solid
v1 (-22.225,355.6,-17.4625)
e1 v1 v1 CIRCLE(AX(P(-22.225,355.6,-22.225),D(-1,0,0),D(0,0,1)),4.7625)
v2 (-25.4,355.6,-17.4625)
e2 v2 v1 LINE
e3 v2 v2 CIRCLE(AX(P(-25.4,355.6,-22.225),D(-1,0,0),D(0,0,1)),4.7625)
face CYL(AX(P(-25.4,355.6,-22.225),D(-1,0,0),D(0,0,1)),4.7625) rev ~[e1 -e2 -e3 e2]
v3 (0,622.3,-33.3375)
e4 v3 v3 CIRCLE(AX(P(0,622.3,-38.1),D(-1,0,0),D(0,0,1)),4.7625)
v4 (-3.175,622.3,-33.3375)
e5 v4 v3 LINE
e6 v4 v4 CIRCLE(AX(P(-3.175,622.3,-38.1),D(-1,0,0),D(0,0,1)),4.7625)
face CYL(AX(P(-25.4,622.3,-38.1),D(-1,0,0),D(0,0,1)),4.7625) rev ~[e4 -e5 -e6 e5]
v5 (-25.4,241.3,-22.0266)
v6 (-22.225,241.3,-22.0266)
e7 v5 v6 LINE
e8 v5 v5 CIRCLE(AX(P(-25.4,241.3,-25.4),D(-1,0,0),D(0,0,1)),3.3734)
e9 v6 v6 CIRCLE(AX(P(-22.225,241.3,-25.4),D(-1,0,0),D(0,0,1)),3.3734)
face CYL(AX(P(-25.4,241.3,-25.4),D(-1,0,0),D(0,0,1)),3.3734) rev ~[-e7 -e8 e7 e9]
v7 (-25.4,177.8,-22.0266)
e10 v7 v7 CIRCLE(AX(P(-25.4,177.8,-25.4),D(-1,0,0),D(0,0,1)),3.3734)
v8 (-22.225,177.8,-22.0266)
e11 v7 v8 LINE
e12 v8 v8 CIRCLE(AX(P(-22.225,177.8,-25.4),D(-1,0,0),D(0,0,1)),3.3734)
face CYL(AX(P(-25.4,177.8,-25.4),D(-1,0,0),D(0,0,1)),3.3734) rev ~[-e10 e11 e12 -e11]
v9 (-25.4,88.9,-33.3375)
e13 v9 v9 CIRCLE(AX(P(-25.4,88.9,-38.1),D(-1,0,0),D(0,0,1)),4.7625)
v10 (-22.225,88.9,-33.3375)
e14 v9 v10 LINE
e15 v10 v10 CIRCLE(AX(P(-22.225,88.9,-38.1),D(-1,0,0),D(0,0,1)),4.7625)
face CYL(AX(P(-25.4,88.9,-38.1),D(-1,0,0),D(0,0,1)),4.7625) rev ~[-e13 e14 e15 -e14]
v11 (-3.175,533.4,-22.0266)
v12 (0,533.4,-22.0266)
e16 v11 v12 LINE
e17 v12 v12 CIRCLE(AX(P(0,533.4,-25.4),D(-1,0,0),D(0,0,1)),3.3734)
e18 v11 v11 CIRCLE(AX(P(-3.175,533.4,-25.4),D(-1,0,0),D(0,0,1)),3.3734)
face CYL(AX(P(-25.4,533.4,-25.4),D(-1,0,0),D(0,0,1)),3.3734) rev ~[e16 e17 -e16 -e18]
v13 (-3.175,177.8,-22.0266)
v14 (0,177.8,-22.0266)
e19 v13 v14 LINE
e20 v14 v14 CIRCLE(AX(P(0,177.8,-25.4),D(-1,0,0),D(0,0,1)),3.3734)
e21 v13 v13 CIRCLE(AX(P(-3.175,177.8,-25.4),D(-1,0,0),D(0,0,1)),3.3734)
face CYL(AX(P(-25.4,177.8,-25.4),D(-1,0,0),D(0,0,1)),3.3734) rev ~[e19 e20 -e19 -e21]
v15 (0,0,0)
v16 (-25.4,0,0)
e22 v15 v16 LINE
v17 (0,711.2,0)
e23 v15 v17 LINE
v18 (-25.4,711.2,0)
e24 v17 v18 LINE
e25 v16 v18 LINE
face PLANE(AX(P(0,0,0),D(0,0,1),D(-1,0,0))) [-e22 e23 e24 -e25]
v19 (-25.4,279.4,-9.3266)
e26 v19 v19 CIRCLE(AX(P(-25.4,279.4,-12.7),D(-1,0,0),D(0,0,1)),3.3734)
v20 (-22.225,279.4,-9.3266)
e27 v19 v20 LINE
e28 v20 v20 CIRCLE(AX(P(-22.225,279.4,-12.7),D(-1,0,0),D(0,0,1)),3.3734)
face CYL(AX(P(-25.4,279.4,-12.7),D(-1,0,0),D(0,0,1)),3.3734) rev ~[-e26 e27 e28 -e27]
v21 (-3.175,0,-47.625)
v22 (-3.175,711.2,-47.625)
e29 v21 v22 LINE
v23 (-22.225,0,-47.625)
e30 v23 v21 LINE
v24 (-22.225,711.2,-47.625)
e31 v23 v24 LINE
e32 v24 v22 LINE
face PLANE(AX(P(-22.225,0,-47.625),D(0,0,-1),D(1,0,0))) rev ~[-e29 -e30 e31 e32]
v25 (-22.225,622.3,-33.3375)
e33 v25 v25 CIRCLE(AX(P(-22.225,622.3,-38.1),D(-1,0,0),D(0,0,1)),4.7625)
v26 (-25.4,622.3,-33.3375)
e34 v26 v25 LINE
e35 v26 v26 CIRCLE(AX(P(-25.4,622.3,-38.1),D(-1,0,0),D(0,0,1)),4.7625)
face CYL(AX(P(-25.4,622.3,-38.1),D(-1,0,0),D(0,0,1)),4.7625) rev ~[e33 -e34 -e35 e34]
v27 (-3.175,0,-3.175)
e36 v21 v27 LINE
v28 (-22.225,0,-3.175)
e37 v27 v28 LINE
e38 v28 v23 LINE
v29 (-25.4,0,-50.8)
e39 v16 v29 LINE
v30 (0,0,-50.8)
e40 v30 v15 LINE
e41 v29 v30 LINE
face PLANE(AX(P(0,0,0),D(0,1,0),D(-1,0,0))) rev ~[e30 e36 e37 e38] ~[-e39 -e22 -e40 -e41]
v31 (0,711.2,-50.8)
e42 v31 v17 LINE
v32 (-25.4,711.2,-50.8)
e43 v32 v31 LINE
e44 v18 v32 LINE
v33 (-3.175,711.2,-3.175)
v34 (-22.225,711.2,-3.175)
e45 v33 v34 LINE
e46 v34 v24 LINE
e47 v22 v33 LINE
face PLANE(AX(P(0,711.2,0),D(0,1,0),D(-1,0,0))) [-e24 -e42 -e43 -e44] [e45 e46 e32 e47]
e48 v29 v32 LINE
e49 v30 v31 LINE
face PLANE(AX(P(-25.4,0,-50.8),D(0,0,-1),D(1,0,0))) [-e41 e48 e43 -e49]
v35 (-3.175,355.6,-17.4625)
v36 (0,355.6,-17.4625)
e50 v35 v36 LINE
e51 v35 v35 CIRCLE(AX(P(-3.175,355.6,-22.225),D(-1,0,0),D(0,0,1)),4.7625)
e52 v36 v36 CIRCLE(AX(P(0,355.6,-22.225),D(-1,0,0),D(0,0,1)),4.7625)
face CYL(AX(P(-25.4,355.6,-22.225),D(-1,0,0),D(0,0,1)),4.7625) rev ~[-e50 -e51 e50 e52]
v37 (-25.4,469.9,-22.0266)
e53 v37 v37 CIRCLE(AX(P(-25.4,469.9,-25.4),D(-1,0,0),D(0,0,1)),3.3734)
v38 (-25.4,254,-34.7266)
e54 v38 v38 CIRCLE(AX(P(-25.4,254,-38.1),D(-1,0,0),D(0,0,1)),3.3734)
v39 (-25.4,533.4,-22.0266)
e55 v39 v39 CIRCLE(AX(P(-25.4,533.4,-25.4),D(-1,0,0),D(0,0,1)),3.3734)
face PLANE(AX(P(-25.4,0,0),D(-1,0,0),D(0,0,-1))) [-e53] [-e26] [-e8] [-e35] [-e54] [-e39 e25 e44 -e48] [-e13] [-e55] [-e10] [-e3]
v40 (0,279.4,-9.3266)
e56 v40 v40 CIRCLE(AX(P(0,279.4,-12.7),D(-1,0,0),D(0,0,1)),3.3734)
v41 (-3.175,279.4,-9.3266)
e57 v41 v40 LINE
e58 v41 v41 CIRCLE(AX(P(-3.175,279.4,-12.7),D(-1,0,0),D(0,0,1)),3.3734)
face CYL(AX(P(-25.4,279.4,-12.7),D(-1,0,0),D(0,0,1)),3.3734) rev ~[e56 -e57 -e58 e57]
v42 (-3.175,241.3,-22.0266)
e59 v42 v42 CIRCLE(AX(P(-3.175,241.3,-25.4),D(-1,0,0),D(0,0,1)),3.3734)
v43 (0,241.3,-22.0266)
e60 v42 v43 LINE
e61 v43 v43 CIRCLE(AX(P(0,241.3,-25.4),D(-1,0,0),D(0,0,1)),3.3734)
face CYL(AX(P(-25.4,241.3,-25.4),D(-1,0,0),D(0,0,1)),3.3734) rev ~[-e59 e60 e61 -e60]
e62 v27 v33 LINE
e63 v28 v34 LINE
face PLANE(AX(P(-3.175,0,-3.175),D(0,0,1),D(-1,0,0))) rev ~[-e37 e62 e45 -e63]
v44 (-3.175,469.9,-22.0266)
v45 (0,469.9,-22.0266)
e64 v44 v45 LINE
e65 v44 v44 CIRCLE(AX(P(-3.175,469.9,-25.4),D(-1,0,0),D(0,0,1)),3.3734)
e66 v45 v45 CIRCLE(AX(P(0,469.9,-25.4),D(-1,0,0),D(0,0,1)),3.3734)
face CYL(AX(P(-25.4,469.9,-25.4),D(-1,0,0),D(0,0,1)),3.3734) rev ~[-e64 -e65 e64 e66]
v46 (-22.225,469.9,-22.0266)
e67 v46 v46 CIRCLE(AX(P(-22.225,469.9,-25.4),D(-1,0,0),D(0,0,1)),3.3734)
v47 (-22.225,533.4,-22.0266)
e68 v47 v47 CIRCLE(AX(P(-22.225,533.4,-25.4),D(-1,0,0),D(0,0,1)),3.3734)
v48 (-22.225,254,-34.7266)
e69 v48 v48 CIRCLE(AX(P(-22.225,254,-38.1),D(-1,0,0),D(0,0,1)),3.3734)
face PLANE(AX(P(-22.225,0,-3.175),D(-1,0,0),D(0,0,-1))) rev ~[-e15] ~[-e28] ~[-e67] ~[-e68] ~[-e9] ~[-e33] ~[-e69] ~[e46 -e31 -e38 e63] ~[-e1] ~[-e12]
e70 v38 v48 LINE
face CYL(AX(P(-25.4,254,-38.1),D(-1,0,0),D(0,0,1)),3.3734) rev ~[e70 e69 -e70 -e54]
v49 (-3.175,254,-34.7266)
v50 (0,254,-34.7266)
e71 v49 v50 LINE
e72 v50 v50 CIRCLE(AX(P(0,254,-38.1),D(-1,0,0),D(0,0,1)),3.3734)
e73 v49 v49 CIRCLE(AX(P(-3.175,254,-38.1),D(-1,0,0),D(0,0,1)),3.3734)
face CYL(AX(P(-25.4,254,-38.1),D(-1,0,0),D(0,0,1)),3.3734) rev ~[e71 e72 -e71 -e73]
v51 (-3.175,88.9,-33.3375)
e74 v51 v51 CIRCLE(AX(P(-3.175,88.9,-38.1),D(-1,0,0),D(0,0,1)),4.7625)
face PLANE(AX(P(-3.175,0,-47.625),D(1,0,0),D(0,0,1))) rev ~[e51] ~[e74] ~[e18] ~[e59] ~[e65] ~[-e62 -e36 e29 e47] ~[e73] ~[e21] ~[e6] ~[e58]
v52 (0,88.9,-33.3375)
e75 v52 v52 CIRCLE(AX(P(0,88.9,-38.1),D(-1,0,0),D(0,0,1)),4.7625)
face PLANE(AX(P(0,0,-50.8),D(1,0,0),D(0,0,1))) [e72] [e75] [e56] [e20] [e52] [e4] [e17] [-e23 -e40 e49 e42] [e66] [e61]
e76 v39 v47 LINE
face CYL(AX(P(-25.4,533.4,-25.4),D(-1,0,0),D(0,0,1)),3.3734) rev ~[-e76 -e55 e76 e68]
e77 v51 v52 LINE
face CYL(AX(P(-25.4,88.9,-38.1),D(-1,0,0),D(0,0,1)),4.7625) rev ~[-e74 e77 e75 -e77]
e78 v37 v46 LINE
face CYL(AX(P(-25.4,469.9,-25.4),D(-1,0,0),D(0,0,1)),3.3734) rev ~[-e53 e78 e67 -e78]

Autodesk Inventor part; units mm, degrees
ref_plane "YZ Plane" through (0, 0, 0) normal (1, 0, 0) x (0, 1, 0)
ref_plane "XZ Plane" through (0, 0, 0) normal (0, 1, 0) x (-1, 0, 0)
ref_plane "XY Plane" through (0, 0, 0) normal (0, 0, 1) x (1, 0, 0)
sketch "Sketch1" plane through (0, 0, 0) normal (0, 1, 0) x (-1, 0, 0)
  line L0 (0, 0) -> (25.4, 0)
  line L1 (25.4, 0) -> (25.4, -50.8)
  line L2 (25.4, -50.8) -> (0, -50.8)
  line L3 (0, -50.8) -> (0, 0)
  line L4 (3.175, -3.175) -> (22.225, -3.175)
  line L5 (22.225, -3.175) -> (22.225, -47.625)
  line L6 (22.225, -47.625) -> (3.175, -47.625)
  line L7 (3.175, -47.625) -> (3.175, -3.175)
  dimension "d0" = 25.4
  dimension "d1" = 50.8
  dimension "d2" = 3.175
extrude "Extrusion1" add sketch "Sketch1" along normal blind 711.2
sketch "Sketch2" plane through (-25.4, 0, -50.8) normal (-1, 0, 0) x (0, 0, 1)
  circle A0 centre (28.575, 355.6) radius 4.7625
  line L0 (0, 711.2) -> (50.8, 711.2) projected
  line L1 (0, 0) -> (0, 711.2) projected
  circle A1 centre (12.7, 622.3) radius 4.7625
  line L2 (50.8, 0) -> (50.8, 711.2) projected
  circle A2 centre (12.7, 88.9) radius 4.7625
  line L3 (0, 88.9) -> (50.8, 88.9) construction
  line L4 (50.8, 0) -> (50.8, 711.2) projected
  line L5 (0, 622.3) -> (50.8, 622.3) construction
  circle A3 centre (25.4, 177.8) radius 3.3734
  line L6 (50.8, 0) -> (0, 0) projected
  circle A4 centre (25.4, 241.3) radius 3.3734
  circle A5 centre (25.4, 533.4) radius 3.3734
  circle A6 centre (25.4, 469.9) radius 3.3734
  circle A7 centre (12.7, 254) radius 3.3734
  circle A8 centre (38.1, 279.4) radius 3.3734
  dimension "d6" = 355.6
  dimension "d7" = 28.575
  dimension "d10" = 9.525
  dimension "d11" = 38.1
  dimension "d14" = 38.1
  dimension "d16" = 266.7
  dimension "d17" = 266.7
  dimension "d18" = 6.7469
  dimension "d19" = 25.4
  dimension "d20" = 177.8
  dimension "d22" = 241.3
  dimension "d23" = 25.4
  dimension "d25" = 25.4
  dimension "d26" = 177.8
  dimension "d28" = 25.4
  dimension "d29" = 241.3
  dimension "d30" = 6.7469
  dimension "d31" = 6.7469
  dimension "d32" = 12.7
  dimension "d33" = 12.7
  dimension "d34" = 25.4
  dimension "d35" = 38.1
  dimension "d38" = 63.5
extrude "Extrusion2" cut sketch "Sketch2" against normal blind 25.4 contours A0 | A1 | A2 | A3 | A4 | A5 | A6
extrude "Extrusion3" cut sketch "Sketch2" against normal blind 25.4 contours A7 | A8
properties part number "1x2x28" material "Aluminum 6061"
